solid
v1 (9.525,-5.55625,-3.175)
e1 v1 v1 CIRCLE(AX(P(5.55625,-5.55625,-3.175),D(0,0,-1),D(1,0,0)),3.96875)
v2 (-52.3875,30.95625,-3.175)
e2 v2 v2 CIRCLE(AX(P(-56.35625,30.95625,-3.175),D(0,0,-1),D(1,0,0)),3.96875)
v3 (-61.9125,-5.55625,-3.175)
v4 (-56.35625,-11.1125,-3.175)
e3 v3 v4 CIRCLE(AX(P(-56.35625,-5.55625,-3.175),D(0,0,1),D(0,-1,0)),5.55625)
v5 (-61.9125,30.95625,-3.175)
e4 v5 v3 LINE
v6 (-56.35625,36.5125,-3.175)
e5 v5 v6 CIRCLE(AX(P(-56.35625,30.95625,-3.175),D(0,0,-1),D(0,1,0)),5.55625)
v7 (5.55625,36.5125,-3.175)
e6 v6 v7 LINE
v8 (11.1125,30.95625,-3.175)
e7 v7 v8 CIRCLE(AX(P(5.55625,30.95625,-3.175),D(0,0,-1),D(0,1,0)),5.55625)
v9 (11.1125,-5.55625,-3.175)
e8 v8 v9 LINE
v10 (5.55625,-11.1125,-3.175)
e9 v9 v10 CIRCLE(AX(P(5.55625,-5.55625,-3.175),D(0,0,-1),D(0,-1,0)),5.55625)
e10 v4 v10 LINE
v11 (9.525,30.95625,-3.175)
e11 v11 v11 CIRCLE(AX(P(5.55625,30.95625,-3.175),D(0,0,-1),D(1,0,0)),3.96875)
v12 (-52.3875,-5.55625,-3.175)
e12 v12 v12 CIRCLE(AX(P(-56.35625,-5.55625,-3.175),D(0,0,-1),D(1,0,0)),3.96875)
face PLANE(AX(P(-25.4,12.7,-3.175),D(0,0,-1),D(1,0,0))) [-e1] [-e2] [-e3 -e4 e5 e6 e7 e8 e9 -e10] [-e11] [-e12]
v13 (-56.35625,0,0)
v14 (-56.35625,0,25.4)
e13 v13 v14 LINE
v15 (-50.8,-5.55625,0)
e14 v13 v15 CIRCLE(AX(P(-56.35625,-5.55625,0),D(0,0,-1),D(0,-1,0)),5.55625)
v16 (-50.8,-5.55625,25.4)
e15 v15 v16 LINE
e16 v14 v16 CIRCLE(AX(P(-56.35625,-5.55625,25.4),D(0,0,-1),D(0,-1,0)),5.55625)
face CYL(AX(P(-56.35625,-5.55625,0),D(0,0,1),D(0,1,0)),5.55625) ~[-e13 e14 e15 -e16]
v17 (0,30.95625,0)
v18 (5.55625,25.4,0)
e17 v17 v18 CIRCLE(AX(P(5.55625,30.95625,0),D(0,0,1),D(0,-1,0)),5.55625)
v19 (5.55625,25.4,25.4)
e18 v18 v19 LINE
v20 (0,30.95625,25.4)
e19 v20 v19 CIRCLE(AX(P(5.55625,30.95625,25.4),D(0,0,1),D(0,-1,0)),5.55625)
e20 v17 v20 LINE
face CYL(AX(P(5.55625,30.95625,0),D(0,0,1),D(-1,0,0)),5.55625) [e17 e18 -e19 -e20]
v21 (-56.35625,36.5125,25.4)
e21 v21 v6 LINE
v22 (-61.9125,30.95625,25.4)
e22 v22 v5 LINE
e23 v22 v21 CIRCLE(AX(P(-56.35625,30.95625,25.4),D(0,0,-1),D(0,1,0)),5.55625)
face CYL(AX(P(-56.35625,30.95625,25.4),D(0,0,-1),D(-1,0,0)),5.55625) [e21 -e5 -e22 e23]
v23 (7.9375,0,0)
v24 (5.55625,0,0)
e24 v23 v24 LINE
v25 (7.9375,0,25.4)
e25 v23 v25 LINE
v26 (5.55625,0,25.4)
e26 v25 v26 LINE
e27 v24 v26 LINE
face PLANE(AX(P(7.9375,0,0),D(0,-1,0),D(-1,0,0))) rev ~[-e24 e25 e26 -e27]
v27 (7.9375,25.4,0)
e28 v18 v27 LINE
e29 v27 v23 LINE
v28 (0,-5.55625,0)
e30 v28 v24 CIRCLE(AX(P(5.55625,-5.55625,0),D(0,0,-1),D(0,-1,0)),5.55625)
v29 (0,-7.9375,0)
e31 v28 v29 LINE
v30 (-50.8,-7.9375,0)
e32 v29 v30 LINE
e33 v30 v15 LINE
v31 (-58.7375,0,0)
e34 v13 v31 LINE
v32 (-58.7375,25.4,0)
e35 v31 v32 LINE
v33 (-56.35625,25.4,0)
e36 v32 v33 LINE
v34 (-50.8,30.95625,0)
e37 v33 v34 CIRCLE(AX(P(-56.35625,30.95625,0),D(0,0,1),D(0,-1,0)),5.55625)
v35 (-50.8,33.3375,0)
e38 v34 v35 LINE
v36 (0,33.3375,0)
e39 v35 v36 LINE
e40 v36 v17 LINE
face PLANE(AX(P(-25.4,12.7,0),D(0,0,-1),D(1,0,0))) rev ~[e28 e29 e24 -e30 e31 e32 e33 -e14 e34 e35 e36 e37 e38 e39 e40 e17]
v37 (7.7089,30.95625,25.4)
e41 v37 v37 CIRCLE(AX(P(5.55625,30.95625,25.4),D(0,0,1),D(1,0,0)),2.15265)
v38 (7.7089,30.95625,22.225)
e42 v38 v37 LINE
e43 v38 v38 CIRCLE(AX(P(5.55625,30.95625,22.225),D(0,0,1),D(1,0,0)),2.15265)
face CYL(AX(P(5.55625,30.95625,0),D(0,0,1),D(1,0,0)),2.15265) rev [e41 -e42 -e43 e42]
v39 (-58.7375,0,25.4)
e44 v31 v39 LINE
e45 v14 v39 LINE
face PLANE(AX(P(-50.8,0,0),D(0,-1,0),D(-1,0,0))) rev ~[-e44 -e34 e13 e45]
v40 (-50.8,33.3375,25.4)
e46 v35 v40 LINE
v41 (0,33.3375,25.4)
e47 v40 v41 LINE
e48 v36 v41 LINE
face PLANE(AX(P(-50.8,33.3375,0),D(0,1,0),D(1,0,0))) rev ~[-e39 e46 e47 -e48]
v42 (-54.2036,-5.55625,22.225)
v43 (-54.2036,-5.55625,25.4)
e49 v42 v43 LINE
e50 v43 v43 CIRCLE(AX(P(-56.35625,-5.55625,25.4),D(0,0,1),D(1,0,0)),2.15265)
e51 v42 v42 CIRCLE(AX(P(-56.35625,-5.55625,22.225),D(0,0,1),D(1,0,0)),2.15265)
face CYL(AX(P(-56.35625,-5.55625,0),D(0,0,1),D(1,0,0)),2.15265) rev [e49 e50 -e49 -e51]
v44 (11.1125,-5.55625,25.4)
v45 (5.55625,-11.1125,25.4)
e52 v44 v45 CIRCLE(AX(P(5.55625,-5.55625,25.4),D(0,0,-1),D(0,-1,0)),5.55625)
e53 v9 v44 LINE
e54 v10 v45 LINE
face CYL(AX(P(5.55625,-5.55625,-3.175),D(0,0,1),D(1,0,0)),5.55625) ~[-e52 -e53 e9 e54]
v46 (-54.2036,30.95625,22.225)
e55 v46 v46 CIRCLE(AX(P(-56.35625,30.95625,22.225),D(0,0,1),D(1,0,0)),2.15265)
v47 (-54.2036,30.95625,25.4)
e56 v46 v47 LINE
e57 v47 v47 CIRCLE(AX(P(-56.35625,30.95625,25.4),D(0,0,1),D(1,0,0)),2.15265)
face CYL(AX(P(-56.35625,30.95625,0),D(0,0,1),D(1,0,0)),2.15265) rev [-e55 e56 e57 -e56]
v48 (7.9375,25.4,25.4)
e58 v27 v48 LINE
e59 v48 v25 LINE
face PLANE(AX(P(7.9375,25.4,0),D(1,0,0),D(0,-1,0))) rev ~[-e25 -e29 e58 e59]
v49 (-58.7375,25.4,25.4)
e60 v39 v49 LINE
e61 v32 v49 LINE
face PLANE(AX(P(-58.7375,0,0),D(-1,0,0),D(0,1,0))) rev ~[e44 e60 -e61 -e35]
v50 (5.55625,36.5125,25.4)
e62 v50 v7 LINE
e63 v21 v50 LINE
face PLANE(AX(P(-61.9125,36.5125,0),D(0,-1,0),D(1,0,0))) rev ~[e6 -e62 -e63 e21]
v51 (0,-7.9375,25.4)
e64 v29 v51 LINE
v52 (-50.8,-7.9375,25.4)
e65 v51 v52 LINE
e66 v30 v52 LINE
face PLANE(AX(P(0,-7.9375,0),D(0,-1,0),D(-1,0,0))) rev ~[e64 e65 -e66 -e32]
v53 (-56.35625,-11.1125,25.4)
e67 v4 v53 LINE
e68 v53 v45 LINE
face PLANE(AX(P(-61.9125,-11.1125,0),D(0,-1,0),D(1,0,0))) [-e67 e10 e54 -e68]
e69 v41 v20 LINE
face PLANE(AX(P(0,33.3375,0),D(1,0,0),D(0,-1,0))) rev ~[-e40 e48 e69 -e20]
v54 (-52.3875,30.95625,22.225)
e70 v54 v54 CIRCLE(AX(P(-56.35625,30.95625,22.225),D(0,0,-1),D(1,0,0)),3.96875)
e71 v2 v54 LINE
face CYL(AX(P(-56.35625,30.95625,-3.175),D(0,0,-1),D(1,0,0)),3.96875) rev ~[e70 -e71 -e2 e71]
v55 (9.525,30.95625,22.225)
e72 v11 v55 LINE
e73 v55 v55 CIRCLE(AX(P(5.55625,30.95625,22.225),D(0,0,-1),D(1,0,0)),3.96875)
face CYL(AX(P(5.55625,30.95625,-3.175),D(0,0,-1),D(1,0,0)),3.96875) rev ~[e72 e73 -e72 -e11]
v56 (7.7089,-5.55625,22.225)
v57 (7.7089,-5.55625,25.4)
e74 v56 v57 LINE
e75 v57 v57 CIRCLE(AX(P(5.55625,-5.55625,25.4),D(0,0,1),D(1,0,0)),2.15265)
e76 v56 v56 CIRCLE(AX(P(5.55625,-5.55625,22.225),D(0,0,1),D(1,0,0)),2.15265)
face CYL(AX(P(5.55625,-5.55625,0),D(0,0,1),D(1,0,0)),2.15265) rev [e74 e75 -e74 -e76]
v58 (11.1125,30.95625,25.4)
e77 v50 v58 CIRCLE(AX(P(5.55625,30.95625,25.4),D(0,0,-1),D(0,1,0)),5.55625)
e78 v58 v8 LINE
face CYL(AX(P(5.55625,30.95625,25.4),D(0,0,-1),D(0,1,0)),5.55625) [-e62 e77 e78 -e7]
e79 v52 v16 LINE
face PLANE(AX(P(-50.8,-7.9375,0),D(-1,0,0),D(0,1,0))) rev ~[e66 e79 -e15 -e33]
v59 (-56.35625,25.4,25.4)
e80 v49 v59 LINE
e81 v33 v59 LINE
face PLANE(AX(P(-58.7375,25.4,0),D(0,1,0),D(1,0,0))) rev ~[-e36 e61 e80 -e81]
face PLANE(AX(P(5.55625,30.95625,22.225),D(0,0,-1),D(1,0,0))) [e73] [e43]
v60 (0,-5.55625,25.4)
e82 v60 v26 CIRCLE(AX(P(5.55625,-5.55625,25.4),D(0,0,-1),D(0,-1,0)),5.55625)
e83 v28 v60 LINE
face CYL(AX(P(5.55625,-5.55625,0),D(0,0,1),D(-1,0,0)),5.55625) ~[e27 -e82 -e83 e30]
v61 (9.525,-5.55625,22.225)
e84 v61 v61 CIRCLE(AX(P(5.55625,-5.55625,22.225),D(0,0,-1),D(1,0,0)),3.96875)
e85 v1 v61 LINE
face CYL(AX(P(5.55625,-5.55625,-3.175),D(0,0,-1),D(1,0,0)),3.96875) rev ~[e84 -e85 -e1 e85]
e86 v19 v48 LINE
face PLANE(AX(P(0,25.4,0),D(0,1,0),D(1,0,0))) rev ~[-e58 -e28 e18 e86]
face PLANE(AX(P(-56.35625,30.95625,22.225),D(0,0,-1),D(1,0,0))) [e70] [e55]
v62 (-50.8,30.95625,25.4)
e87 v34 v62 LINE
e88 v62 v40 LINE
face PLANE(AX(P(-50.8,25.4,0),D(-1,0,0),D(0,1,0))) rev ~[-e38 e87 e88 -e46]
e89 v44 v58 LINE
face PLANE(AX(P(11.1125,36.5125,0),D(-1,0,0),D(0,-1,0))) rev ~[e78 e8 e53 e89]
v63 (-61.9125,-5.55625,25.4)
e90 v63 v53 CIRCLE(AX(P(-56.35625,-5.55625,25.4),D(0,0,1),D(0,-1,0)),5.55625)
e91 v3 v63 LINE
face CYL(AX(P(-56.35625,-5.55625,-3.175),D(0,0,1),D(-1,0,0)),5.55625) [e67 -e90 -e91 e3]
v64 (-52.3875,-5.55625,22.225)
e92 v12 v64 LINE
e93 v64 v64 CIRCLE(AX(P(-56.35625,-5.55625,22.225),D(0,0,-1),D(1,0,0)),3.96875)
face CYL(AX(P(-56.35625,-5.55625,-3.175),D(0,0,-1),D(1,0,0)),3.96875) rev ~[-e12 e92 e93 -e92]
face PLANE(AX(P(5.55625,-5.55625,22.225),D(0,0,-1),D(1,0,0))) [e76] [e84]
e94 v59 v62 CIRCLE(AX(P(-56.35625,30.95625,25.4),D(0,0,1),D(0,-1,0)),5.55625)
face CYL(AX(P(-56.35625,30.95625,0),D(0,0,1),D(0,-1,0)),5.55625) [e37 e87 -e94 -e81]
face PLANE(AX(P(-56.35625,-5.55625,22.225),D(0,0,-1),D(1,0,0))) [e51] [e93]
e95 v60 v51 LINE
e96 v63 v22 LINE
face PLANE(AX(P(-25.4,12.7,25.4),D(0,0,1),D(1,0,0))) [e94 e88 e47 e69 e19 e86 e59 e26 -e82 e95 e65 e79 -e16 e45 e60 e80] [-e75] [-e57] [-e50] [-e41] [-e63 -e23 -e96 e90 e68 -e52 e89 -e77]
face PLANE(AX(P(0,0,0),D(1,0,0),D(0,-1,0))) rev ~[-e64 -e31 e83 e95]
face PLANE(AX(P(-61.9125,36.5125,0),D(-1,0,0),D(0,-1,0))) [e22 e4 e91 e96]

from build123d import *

# Parameters (mm, degrees)
F0_W     = 73.025
F0_H     = 47.625
F0_R     = 2.15265
F1_DEPTH = 25.4
F2_W     = 73.025
F2_H     = 47.625
F2_R     = 2.15265
F3_DEPTH = 3.175
F4_R     = 5.55625
F5_R     = 3.96875
F7_DEPTH = 25.4


with BuildPart() as f1:
    # F0 (on Top) → F1 (new body)
    with BuildSketch(Plane.XY):
        with Locations((-25.4, 12.7)):
            Rectangle(F0_W, F0_H)
        with Locations((-56.35625, -5.55625)):
            Circle(F0_R, mode=Mode.SUBTRACT)
        with Locations((5.55625, -5.55625)):
            Circle(F0_R, mode=Mode.SUBTRACT)
        Polygon((7.9375, 0), (0, 0), (0, -7.9375), (-50.8, -7.9375), (-50.8, 0), (-58.7375, 0), (-58.7375, 25.4), (-50.8, 25.4), (-50.8, 33.3375), (0, 33.3375), (0, 25.4), (7.9375, 25.4), align=None, mode=Mode.SUBTRACT)
        with Locations((-56.35625, 30.95625)):
            Circle(F0_R, mode=Mode.SUBTRACT)
        with Locations((5.55625, 30.95625)):
            Circle(F0_R, mode=Mode.SUBTRACT)
    extrude(amount=F1_DEPTH)

    # F2 (on face) → F3 (join)
    with BuildSketch(Plane(origin=(0, 0, 0), x_dir=(1, 0, 0), z_dir=(0, 0, -1))):
        with Locations((-25.4, -12.7)):
            Rectangle(F2_W, F2_H)
        with Locations((-56.35625, -30.95625)):
            Circle(F2_R, mode=Mode.SUBTRACT)
        with Locations((5.55625, -30.95625)):
            Circle(F2_R, mode=Mode.SUBTRACT)
        with Locations((-56.35625, 5.55625)):
            Circle(F2_R, mode=Mode.SUBTRACT)
        with Locations((5.55625, 5.55625)):
            Circle(F2_R, mode=Mode.SUBTRACT)
    extrude(amount=F3_DEPTH)

    # F4
    f4_edges = [f1.edges().sort_by_distance(p)[0] for p in [
        (-50.8, 25.4, 12.7),
        (-61.9125, 36.5125, 11.1125),
        (0, 25.4, 12.7),
        (11.1125, 36.5125, 11.1125),
        (0, 0, 12.7),
        (11.1125, -11.1125, 11.1125),
        (-50.8, 0, 12.7),
        (-61.9125, -11.1125, 11.1125),
    ]]
    fillet(f4_edges, radius=F4_R)

    # F5 (on face) → F7 (cut, through all)
    with BuildSketch(Plane(origin=(0, 0, -3.175), x_dir=(1, 0, 0), z_dir=(0, 0, -1))):
        with Locations((-56.35625, 5.55625)):
            Circle(F5_R)
        with Locations((5.55625, 5.55625)):
            Circle(F5_R)
        with Locations((5.55625, -30.95625)):
            Circle(F5_R)
        with Locations((-56.35625, -30.95625)):
            Circle(F5_R)
    extrude(amount=-F7_DEPTH, mode=Mode.SUBTRACT)


solid = f1.part
